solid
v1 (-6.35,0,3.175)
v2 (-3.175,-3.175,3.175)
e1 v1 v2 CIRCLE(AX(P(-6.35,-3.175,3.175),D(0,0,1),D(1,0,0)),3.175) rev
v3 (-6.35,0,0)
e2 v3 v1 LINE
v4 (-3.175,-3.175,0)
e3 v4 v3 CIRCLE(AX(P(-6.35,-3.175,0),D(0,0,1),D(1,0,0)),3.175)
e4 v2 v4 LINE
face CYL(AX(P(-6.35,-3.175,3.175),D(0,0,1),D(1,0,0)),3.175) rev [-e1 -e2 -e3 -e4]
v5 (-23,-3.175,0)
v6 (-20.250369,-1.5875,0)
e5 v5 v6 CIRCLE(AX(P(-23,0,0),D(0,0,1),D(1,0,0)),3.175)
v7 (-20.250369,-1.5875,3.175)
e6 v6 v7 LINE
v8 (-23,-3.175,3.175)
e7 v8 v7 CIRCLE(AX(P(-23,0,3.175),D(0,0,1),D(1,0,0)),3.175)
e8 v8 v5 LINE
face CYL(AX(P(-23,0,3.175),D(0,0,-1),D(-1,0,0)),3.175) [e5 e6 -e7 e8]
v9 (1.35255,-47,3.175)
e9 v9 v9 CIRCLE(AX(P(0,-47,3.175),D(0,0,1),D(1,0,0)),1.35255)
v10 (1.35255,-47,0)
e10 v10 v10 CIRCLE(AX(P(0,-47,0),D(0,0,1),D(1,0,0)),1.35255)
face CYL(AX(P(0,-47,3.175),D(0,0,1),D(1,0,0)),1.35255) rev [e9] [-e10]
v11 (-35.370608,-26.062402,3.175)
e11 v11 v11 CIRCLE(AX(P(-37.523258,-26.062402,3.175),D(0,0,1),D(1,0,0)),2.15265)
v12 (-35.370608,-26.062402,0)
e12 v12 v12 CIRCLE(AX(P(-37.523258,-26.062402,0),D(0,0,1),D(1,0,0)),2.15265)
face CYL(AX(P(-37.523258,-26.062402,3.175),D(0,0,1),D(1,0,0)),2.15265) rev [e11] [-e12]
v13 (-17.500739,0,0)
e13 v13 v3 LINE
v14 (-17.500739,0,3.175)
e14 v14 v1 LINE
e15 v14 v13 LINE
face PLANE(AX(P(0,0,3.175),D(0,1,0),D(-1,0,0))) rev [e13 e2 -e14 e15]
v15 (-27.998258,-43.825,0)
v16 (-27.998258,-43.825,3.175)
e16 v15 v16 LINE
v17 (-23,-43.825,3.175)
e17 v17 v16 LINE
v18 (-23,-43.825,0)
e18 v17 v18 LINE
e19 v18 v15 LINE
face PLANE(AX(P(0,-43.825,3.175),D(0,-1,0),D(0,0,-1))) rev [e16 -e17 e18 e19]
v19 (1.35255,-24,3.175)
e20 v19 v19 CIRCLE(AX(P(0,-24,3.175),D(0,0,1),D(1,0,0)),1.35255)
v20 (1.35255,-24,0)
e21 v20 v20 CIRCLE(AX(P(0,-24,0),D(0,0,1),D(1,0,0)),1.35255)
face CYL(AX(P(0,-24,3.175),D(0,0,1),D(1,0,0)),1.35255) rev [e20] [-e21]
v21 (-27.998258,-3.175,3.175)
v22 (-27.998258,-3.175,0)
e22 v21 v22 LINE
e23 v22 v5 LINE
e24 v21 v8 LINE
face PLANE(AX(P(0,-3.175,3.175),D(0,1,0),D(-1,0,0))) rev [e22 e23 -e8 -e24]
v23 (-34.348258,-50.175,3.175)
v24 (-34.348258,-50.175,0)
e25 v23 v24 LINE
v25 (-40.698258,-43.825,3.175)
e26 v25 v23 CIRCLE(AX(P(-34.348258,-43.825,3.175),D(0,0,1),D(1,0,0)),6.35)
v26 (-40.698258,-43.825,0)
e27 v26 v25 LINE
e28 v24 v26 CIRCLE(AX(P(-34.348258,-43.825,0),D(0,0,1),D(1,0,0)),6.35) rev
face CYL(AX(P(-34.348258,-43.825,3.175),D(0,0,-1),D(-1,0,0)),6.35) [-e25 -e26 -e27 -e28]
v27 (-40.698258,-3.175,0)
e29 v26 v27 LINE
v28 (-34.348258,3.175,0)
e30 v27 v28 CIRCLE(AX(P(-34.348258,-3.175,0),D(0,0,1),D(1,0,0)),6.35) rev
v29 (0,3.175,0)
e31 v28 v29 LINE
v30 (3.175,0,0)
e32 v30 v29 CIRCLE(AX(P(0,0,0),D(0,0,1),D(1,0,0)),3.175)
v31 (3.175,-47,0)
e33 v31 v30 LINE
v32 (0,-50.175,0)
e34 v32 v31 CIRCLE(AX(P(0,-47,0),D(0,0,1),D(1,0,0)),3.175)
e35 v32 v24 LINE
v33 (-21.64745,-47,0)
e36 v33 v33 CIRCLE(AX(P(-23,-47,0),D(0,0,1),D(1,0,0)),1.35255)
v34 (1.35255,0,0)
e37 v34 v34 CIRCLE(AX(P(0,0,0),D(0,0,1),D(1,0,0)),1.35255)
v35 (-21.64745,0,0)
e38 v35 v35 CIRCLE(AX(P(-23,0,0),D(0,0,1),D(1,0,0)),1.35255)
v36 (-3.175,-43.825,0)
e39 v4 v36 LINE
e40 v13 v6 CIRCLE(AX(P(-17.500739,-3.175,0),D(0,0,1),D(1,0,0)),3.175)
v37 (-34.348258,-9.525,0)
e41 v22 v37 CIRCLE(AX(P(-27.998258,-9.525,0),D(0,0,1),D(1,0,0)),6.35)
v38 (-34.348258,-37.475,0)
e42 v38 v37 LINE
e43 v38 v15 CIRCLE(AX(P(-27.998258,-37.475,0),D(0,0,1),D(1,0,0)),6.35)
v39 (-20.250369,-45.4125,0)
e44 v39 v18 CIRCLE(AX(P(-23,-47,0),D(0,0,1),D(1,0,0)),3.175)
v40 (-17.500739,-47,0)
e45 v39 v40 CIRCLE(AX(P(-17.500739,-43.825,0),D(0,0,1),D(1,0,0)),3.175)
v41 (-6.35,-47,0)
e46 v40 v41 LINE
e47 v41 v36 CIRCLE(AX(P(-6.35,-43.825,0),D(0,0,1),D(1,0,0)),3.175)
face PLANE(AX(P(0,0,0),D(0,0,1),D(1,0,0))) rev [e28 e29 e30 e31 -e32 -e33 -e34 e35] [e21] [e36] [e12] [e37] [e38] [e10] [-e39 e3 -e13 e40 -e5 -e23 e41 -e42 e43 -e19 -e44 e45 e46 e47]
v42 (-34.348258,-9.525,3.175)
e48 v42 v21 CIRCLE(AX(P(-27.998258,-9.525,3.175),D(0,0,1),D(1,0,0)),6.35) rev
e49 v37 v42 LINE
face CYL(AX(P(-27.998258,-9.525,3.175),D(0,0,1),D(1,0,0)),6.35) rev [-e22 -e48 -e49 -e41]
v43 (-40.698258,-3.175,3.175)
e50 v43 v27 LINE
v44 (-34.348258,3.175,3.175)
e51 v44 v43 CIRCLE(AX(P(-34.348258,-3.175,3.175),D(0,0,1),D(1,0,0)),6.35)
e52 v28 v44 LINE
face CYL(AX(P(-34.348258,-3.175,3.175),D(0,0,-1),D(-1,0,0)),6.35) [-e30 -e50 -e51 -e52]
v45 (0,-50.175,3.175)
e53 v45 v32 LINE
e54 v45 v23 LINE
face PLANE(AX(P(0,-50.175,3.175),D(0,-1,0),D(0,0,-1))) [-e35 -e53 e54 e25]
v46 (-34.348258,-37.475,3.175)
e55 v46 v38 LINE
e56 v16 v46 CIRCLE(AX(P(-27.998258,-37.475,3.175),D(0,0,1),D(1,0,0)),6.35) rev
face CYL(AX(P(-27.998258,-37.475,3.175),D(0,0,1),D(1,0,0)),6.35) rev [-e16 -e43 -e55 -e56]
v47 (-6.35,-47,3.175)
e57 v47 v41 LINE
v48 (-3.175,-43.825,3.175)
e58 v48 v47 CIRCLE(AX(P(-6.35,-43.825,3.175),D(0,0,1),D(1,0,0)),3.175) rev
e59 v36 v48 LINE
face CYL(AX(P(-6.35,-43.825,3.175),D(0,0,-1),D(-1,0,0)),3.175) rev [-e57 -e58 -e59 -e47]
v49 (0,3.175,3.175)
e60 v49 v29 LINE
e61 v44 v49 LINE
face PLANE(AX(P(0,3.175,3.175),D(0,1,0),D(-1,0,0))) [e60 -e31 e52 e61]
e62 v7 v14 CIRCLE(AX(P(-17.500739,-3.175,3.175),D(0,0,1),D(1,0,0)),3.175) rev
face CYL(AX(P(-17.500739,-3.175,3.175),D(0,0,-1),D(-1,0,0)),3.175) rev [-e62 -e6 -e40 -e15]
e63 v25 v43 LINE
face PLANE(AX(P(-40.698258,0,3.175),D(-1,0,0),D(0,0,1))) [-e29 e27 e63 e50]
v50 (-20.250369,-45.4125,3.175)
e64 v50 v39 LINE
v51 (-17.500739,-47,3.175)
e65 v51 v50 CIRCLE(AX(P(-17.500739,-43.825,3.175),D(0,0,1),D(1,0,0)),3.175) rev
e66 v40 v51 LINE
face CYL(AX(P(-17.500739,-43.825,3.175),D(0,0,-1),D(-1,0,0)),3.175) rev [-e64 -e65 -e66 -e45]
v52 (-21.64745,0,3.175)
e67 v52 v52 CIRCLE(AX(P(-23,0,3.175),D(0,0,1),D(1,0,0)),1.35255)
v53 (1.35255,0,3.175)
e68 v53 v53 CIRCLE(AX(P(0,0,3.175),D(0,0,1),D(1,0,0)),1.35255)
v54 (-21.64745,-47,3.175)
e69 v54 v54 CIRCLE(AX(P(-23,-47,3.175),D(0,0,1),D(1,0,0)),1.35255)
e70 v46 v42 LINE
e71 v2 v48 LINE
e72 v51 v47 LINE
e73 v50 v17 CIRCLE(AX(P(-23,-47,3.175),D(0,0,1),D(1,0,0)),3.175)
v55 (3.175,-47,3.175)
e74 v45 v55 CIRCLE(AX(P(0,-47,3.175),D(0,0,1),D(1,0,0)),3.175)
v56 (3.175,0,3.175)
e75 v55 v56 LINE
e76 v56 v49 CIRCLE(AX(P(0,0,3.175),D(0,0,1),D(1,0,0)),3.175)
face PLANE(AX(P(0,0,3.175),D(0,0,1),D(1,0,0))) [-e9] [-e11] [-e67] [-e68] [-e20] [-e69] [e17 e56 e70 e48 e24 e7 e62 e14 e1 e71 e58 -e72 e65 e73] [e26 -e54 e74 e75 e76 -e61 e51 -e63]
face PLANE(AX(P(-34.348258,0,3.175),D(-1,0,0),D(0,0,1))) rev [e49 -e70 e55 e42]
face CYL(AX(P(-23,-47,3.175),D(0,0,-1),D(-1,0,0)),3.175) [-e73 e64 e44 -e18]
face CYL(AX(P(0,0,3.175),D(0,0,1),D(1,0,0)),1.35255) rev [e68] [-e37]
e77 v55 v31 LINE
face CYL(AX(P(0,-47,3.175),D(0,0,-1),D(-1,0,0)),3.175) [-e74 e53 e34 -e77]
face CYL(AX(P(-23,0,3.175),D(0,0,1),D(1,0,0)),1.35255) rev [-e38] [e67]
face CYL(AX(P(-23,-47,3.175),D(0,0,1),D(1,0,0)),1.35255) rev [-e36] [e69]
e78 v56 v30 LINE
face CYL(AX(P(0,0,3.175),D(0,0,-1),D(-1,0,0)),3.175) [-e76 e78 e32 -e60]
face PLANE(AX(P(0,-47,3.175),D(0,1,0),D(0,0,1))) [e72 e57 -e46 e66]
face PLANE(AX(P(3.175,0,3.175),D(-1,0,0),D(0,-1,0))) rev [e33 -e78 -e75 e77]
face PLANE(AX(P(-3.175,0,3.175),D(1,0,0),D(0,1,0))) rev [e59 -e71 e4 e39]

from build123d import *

# Parameters (mm, degrees)
BOSS_EXTRUDE1_DEPTH   = 3.175
F_6_CLEARANCE_HOLE1_D = 4.3053
F_2_CLEARANCE_HOLE1_D = 2.7051
FILLET1_R             = 3.175
FILLET2_R             = 6.35


with BuildPart() as part:
    # Sketch1 → Boss-Extrude1 (new body)
    with BuildSketch(Plane.XY):
        with BuildLine():
            Line((0, 3.175), (-40.698258, 3.175))
            Line((-40.698258, 3.175), (-40.698258, -50.175))
            Line((-40.698258, -50.175), (0, -50.175))
            ThreePointArc((0, -50.175), (2.24506403, -49.24506403), (3.175, -47))
            Line((3.175, -47), (3.175, 0))
            ThreePointArc((3.175, 0), (2.24506403, 2.24506403), (0, 3.175))
        make_face()
        with BuildLine():
            Line((-34.348258, -3.175), (-23, -3.175))
            ThreePointArc((-23, -3.175), (-20.75493597, -2.24506403), (-19.825, 0))
            Line((-19.825, 0), (-3.175, 0))
            Line((-3.175, 0), (-3.175, -47))
            Line((-3.175, -47), (-19.825, -47))
            ThreePointArc((-19.825, -47), (-20.75493597, -44.75493597), (-23, -43.825))
            Line((-23, -43.825), (-34.348258, -43.825))
            Line((-34.348258, -43.825), (-34.348258, -3.175))
        make_face(mode=Mode.SUBTRACT)
    extrude(amount=BOSS_EXTRUDE1_DEPTH)

    # #6 Clearance Hole1 (through all)
    with Locations(Plane.XY.offset(3.175)):
        with Locations((-37.523258, -26.062402)):
            Hole(F_6_CLEARANCE_HOLE1_D / 2)

    # #2 Clearance Hole1 (through all)
    with Locations(Plane.XY.offset(3.175)):
        with Locations((-23, -47), (0, -47), (0, 0), (-23, 0), (0, -24)):
            Hole(F_2_CLEARANCE_HOLE1_D / 2)

    # Fillet1
    fillet1_edges = [part.edges().sort_by_distance(p)[0] for p in [
        (-3.175, -47, 1.5875),
        (-3.175, 0, 1.5875),
        (-19.825, 0, 1.5875),
        (-19.825, -47, 1.5875),
    ]]
    fillet(fillet1_edges, radius=FILLET1_R)

    # Fillet2
    fillet2_edges = [part.edges().sort_by_distance(p)[0] for p in [
        (-40.698258, -50.175, 1.5875),
        (-40.698258, 3.175, 1.5875),
        (-34.348258, -3.175, 1.5875),
        (-34.348258, -43.825, 1.5875),
    ]]
    fillet(fillet2_edges, radius=FILLET2_R)


solid = part.part
